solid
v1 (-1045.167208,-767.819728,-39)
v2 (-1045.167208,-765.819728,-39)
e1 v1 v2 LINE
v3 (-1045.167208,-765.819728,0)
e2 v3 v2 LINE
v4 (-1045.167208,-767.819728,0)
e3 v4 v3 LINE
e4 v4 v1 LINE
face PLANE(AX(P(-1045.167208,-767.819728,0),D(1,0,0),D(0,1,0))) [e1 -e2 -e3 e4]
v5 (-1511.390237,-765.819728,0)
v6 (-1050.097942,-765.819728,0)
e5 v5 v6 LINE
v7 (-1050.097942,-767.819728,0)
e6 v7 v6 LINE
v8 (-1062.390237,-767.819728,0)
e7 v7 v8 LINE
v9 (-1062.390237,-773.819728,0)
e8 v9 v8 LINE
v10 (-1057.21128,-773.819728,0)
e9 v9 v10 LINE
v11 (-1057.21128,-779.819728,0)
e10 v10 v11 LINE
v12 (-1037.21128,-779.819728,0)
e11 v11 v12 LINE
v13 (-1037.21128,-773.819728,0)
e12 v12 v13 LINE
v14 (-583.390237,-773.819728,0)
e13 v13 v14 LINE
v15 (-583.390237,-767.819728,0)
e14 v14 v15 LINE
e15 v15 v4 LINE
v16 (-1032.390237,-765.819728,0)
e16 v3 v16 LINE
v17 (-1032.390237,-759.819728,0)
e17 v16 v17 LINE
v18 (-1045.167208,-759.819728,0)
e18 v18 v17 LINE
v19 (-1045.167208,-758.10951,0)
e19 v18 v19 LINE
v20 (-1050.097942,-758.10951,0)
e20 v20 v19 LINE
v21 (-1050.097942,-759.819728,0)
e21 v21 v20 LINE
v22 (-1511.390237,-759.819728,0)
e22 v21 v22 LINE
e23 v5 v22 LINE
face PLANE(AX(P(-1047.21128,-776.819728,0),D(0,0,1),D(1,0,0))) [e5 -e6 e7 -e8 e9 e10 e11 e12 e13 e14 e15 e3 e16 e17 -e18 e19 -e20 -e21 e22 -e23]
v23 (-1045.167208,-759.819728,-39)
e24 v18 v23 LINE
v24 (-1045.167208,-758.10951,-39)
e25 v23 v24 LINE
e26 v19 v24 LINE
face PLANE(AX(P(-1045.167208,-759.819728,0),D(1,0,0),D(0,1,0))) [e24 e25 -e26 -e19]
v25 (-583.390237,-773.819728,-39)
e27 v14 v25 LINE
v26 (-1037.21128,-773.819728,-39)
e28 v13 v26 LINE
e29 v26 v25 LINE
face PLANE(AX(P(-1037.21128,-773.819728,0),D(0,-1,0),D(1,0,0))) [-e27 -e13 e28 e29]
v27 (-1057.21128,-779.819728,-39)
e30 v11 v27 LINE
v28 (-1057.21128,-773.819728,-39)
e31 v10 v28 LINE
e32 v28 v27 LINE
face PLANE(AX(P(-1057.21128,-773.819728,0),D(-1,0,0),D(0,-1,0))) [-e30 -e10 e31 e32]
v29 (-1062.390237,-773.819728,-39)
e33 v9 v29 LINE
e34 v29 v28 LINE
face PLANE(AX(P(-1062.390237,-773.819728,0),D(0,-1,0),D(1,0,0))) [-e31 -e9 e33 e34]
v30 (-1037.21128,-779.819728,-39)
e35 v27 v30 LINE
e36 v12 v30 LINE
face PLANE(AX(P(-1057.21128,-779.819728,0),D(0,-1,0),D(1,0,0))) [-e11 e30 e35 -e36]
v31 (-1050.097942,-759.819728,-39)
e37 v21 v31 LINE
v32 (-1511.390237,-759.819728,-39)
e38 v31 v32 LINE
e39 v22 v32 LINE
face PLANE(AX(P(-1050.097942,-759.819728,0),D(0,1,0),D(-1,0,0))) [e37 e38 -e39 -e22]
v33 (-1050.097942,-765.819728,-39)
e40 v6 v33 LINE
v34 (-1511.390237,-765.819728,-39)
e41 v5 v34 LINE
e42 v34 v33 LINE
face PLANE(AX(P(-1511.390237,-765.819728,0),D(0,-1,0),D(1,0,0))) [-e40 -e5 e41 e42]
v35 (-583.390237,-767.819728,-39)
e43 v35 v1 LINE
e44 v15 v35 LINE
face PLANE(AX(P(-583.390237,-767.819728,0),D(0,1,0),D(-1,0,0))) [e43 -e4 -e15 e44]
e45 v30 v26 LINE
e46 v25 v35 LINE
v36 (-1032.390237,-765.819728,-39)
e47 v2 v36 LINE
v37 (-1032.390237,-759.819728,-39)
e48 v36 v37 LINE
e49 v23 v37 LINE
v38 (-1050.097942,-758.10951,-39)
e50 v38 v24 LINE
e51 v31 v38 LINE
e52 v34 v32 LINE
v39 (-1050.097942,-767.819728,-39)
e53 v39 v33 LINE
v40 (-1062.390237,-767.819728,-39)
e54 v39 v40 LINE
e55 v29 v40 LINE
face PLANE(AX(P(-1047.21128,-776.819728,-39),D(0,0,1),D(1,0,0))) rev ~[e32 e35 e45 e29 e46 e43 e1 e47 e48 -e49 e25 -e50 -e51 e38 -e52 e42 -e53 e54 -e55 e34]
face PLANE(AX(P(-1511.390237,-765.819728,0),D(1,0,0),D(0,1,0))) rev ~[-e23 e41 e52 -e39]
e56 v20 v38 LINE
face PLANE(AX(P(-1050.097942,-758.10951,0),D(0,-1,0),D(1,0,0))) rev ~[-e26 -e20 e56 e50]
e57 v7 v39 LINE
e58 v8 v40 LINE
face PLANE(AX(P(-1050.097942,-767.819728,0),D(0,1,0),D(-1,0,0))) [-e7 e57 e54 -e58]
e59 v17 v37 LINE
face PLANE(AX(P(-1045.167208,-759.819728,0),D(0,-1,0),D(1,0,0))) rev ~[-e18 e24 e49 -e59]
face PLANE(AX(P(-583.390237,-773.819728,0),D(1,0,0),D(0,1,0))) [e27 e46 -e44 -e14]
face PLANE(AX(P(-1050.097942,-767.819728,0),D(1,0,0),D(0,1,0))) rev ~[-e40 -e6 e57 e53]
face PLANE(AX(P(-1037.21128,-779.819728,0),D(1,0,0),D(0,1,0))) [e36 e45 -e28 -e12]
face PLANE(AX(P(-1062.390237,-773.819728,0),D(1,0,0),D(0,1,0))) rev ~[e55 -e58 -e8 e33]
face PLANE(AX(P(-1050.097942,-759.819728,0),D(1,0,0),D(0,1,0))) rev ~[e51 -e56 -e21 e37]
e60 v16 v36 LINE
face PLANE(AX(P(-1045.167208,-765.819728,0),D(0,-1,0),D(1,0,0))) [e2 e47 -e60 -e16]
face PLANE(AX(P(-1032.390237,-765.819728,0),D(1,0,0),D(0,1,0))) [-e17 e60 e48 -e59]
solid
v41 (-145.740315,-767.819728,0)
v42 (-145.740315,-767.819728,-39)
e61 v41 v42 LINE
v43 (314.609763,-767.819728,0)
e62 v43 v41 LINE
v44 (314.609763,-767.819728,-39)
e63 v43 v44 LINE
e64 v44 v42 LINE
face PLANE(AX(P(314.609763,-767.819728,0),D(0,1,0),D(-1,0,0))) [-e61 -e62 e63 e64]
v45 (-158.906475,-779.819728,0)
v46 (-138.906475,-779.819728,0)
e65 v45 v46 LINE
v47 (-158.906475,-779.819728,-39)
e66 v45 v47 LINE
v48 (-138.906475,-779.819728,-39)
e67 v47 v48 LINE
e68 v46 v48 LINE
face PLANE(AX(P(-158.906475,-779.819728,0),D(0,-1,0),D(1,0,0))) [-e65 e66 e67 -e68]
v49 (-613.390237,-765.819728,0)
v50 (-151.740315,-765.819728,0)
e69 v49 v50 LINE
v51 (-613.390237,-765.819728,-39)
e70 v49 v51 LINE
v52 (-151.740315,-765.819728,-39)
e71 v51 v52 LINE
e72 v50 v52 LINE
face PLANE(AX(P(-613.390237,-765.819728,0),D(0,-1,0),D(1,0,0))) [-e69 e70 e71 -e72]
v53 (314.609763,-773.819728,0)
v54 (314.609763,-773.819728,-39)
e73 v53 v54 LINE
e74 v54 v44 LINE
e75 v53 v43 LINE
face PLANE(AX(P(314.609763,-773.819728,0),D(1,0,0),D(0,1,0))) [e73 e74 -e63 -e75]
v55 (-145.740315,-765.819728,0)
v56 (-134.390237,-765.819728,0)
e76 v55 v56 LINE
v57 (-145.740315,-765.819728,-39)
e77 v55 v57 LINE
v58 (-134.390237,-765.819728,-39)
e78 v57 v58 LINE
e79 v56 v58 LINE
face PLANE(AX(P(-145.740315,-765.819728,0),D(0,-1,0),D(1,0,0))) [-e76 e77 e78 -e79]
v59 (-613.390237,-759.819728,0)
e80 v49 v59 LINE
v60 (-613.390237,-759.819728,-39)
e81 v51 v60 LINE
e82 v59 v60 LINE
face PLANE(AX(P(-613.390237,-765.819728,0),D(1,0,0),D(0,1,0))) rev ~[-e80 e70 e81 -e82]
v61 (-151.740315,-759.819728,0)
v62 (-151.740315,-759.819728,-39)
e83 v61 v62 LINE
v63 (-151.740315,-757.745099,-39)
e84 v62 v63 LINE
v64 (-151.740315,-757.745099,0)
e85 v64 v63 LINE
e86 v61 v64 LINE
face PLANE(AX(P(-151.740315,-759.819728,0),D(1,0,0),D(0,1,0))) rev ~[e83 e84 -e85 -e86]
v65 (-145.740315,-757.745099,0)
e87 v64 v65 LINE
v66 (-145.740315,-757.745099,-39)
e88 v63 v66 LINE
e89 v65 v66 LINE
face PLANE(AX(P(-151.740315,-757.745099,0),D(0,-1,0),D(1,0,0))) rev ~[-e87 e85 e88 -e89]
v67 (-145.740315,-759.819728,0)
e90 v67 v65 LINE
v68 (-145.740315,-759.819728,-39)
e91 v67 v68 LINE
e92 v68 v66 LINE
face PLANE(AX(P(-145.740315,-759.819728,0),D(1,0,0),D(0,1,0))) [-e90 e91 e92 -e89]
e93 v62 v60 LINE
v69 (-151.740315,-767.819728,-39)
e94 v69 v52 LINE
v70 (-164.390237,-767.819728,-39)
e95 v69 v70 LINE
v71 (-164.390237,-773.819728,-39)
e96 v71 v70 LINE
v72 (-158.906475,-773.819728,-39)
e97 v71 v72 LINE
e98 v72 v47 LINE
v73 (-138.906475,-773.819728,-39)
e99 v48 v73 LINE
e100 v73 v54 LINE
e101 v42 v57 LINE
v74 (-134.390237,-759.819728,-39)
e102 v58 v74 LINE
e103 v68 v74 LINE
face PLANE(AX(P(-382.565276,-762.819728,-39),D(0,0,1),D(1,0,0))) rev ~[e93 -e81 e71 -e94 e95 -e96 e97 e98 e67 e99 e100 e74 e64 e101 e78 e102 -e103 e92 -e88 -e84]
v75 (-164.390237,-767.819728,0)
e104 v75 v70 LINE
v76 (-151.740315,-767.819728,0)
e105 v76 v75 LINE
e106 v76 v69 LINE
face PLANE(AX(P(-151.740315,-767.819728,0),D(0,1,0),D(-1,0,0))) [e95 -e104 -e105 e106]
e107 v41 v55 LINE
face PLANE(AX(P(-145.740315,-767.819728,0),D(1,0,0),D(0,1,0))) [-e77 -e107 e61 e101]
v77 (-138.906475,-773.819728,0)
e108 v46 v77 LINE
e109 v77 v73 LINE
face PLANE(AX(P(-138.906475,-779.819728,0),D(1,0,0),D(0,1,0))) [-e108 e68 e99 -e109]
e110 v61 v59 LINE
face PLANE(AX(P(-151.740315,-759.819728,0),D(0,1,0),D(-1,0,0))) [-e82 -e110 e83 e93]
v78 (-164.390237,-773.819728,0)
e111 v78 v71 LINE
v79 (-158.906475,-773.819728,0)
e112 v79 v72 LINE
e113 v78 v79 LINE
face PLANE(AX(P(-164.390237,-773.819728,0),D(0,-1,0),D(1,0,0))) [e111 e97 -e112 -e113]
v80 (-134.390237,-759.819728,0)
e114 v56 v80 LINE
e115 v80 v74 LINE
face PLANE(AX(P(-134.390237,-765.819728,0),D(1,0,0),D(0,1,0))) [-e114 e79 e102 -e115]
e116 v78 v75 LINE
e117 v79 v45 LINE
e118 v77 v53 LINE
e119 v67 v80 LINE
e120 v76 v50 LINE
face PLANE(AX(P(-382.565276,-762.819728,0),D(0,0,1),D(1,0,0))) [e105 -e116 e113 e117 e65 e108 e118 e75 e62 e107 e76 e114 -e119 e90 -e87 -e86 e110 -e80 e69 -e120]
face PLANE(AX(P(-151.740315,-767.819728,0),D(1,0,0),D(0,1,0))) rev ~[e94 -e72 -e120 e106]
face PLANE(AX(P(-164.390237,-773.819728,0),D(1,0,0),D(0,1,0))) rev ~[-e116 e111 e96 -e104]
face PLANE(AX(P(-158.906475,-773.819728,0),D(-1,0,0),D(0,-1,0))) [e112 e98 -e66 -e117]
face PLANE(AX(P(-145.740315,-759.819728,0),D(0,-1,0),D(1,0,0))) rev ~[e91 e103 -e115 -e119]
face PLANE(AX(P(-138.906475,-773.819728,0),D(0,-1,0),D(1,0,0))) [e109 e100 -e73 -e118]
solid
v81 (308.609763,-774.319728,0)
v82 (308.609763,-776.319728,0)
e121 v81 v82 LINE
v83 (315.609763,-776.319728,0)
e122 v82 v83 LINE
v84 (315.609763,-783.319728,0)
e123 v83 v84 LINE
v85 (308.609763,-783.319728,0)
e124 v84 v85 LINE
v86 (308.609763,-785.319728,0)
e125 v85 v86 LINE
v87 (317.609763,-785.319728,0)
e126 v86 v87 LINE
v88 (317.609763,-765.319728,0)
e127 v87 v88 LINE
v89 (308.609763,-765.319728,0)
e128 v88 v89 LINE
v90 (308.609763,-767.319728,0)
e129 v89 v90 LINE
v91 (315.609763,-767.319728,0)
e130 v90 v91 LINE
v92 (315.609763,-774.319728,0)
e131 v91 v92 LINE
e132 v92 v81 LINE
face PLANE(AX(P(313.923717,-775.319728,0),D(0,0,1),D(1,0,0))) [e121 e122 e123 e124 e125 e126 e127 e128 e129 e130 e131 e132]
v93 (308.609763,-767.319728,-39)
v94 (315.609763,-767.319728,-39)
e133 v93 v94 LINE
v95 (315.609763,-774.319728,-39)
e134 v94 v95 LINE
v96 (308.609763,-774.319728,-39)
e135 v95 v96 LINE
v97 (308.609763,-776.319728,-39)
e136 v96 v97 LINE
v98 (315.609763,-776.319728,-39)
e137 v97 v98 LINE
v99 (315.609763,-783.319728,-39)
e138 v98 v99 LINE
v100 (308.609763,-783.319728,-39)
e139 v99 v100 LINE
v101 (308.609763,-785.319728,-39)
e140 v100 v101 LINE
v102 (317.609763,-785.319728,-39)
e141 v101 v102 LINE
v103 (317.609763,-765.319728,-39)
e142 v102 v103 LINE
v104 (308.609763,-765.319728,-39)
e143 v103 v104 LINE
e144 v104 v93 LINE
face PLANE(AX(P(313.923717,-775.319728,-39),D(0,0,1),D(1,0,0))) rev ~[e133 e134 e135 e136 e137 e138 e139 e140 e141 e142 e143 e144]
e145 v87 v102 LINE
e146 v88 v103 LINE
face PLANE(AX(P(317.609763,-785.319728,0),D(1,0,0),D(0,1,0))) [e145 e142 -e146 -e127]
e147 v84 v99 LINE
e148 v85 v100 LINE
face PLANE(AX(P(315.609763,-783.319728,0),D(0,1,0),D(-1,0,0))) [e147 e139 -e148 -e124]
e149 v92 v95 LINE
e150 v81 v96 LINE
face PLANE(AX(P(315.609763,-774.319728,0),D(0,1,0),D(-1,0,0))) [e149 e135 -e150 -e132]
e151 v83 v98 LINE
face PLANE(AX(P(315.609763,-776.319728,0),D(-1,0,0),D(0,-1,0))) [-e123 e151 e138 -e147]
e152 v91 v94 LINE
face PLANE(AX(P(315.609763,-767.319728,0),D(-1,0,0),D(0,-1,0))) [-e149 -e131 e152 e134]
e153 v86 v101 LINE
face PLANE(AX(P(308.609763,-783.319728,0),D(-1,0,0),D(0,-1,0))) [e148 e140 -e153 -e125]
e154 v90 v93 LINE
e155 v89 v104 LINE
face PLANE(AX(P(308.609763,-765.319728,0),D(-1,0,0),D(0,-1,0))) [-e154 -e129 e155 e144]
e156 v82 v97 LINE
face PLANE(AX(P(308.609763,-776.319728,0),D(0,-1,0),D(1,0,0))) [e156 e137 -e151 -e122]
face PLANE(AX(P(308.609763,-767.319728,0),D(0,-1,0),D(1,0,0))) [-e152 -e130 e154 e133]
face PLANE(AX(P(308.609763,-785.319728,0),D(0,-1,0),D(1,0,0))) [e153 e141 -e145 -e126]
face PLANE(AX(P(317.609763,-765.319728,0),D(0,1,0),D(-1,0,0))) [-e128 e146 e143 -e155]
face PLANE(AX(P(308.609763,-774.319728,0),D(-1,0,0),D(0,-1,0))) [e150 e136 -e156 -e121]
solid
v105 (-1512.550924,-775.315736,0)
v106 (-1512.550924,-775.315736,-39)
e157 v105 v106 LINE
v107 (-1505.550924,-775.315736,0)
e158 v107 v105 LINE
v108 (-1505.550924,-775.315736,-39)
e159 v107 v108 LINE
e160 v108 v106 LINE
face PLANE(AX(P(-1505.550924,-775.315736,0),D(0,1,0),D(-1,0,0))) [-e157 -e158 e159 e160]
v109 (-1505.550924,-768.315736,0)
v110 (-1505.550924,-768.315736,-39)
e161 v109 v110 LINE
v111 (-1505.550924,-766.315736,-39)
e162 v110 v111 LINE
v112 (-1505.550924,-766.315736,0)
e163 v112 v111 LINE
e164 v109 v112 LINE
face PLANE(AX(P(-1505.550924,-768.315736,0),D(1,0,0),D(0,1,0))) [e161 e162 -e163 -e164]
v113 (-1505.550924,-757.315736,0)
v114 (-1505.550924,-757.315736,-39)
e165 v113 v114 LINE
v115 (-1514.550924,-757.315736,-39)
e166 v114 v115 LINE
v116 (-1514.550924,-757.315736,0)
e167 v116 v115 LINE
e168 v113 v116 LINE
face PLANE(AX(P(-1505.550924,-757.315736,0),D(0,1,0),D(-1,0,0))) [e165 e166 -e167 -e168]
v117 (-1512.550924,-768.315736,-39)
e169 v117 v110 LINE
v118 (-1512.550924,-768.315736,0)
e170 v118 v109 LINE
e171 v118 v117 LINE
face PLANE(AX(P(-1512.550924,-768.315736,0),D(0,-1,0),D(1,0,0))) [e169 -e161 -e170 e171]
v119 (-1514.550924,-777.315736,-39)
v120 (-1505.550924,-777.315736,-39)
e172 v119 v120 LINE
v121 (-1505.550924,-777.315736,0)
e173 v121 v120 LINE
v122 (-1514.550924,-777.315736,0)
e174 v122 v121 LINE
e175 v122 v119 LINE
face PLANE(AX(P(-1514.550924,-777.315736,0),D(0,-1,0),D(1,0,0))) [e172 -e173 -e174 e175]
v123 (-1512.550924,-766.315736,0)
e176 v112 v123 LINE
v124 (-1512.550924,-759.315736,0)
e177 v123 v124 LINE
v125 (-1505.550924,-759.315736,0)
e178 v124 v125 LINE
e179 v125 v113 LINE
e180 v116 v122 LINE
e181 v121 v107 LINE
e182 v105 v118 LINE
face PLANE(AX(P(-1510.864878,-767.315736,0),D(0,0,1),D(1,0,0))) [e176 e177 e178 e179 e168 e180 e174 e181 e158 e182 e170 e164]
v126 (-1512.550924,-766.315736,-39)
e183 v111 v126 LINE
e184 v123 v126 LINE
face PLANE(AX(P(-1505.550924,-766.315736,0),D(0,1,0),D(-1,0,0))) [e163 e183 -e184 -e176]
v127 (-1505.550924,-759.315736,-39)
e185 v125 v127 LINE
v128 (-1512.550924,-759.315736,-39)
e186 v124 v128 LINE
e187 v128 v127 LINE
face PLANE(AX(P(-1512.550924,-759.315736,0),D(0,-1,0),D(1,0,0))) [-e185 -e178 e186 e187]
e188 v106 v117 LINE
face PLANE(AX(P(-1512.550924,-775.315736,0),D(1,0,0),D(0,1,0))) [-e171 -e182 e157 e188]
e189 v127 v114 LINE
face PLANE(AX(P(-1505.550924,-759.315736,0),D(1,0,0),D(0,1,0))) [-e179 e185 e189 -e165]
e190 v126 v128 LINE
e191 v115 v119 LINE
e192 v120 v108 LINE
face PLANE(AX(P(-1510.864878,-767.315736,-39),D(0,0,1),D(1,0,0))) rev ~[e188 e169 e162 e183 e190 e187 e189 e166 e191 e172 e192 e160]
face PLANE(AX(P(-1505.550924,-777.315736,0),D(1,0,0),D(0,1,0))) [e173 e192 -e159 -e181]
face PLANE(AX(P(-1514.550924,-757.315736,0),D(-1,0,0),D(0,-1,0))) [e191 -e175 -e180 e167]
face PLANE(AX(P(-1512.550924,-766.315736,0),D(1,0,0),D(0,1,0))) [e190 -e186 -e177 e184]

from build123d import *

# Parameters (mm, degrees)
F0_W     = 20
F0_H     = 6
F0_W_2   = 5.1789569855
F0_W_3   = 461.2922945023
F0_W_4   = 4.9307346344
F0_H_2   = 3.1461458206
F0_H_3   = 2
F0_H_4   = 1.7102184296
F0_W_5   = 12.7769708633
F0_W_6   = 453.8210430145
F1_DEPTH = 39
F0_W_7   = 461.6499215364
F0_W_8   = 6
F0_H_5   = 2.9253702164
F0_H_6   = 2.0746297836
F0_W_9   = 11.3500784636
F0_W_10  = 5.483762145
F0_W_11  = 453.516237855


with BuildPart() as f1:
    # F0 (on Top) → F1 (new body)
    with BuildSketch(Plane.XY):
        with Locations((-1047.2112798691, -776.8197283745)):
            Rectangle(F0_W, F0_H)
        Polygon((-1050.0979423523, -770.9658741951), (-1050.0979423523, -767.8197283745), (-1057.2112798691, -767.8197283745), (-1057.2112798691, -773.8197283745), (-1037.2112798691, -773.8197283745), (-1037.2112798691, -767.8197283745), (-1045.1672077179, -767.8197283745), (-1045.1672077179, -770.9658741951), align=None)
        with Locations((-1059.8007583618, -770.8197283745)):
            Rectangle(F0_W_2, F0_H)
        with Locations((-1280.7440896034, -762.8197283745)):
            Rectangle(F0_W_3, F0_H)
        with Locations((-1047.6325750351, -762.8197283745)):
            Rectangle(F0_W_4, F0_H)
        with Locations((-1047.6325750351, -769.3928012848)):
            Rectangle(F0_W_4, F0_H_2)
        with Locations((-1047.6325750351, -766.8197283745)):
            Rectangle(F0_W_4, F0_H_3)
        with Locations((-1047.6325750351, -758.9646191597)):
            Rectangle(F0_W_4, F0_H_4)
        with Locations((-1038.7787222862, -762.8197283745)):
            Rectangle(F0_W_5, F0_H)
        with Locations((-810.3007583618, -770.8197283745)):
            Rectangle(F0_W_6, F0_H)
    extrude(amount=-F1_DEPTH)


with BuildPart() as f1b:
    # F0 (on Top) → F1, piece 2 (new body)
    with BuildSketch(Plane.XY):
        Polygon((-1512.5509243011, -759.315735817), (-1505.5509243011, -759.315735817), (-1505.5509243011, -757.315735817), (-1514.5509243011, -757.315735817), (-1514.5509243011, -777.315735817), (-1505.5509243011, -777.315735817), (-1505.5509243011, -775.315735817), (-1512.5509243011, -775.315735817), (-1512.5509243011, -768.315735817), (-1505.5509243011, -768.315735817), (-1505.5509243011, -766.315735817), (-1512.5509243011, -766.315735817), align=None)
    extrude(amount=-F1_DEPTH)


with BuildPart() as f1c:
    # F0 (on Top) → F1, piece 3 (new body)
    with BuildSketch(Plane.XY):
        with Locations((-382.5652760863, -762.8197283745)):
            Rectangle(F0_W_7, F0_H)
        with Locations((-148.9064747095, -776.8197283745)):
            Rectangle(F0_W, F0_H)
        Polygon((-151.7403153181, -770.7450985909), (-151.7403153181, -767.8197283745), (-158.9064747095, -767.8197283745), (-158.9064747095, -773.8197283745), (-138.9064747095, -773.8197283745), (-138.9064747095, -767.8197283745), (-145.7403153181, -767.8197283745), (-145.7403153181, -770.7450985909), align=None)
        with Locations((-148.7403153181, -769.2824134827)):
            Rectangle(F0_W_8, F0_H_5)
        with Locations((-148.7403153181, -766.8197283745)):
            Rectangle(F0_W_8, F0_H_3)
        with Locations((-148.7403153181, -762.8197283745)):
            Rectangle(F0_W_8, F0_H)
        with Locations((-148.7403153181, -758.7824134827)):
            Rectangle(F0_W_8, F0_H_6)
        with Locations((-140.0652760863, -762.8197283745)):
            Rectangle(F0_W_9, F0_H)
        with Locations((-161.648355782, -770.8197283745)):
            Rectangle(F0_W_10, F0_H)
        with Locations((87.851644218, -770.8197283745)):
            Rectangle(F0_W_11, F0_H)
    extrude(amount=-F1_DEPTH)


with BuildPart() as f1d:
    # F0 (on Top) → F1, piece 4 (new body)
    with BuildSketch(Plane.XY):
        Polygon((315.6097631454, -783.3197283745), (308.6097631454, -783.3197283745), (308.6097631454, -785.3197283745), (317.6097631454, -785.3197283745), (317.6097631454, -765.3197283745), (308.6097631454, -765.3197283745), (308.6097631454, -767.3197283745), (315.6097631454, -767.3197283745), (315.6097631454, -774.3197283745), (308.6097631454, -774.3197283745), (308.6097631454, -776.3197283745), (315.6097631454, -776.3197283745), align=None)
    extrude(amount=-F1_DEPTH)


solid = Compound([f1.part, f1b.part, f1c.part, f1d.part])
